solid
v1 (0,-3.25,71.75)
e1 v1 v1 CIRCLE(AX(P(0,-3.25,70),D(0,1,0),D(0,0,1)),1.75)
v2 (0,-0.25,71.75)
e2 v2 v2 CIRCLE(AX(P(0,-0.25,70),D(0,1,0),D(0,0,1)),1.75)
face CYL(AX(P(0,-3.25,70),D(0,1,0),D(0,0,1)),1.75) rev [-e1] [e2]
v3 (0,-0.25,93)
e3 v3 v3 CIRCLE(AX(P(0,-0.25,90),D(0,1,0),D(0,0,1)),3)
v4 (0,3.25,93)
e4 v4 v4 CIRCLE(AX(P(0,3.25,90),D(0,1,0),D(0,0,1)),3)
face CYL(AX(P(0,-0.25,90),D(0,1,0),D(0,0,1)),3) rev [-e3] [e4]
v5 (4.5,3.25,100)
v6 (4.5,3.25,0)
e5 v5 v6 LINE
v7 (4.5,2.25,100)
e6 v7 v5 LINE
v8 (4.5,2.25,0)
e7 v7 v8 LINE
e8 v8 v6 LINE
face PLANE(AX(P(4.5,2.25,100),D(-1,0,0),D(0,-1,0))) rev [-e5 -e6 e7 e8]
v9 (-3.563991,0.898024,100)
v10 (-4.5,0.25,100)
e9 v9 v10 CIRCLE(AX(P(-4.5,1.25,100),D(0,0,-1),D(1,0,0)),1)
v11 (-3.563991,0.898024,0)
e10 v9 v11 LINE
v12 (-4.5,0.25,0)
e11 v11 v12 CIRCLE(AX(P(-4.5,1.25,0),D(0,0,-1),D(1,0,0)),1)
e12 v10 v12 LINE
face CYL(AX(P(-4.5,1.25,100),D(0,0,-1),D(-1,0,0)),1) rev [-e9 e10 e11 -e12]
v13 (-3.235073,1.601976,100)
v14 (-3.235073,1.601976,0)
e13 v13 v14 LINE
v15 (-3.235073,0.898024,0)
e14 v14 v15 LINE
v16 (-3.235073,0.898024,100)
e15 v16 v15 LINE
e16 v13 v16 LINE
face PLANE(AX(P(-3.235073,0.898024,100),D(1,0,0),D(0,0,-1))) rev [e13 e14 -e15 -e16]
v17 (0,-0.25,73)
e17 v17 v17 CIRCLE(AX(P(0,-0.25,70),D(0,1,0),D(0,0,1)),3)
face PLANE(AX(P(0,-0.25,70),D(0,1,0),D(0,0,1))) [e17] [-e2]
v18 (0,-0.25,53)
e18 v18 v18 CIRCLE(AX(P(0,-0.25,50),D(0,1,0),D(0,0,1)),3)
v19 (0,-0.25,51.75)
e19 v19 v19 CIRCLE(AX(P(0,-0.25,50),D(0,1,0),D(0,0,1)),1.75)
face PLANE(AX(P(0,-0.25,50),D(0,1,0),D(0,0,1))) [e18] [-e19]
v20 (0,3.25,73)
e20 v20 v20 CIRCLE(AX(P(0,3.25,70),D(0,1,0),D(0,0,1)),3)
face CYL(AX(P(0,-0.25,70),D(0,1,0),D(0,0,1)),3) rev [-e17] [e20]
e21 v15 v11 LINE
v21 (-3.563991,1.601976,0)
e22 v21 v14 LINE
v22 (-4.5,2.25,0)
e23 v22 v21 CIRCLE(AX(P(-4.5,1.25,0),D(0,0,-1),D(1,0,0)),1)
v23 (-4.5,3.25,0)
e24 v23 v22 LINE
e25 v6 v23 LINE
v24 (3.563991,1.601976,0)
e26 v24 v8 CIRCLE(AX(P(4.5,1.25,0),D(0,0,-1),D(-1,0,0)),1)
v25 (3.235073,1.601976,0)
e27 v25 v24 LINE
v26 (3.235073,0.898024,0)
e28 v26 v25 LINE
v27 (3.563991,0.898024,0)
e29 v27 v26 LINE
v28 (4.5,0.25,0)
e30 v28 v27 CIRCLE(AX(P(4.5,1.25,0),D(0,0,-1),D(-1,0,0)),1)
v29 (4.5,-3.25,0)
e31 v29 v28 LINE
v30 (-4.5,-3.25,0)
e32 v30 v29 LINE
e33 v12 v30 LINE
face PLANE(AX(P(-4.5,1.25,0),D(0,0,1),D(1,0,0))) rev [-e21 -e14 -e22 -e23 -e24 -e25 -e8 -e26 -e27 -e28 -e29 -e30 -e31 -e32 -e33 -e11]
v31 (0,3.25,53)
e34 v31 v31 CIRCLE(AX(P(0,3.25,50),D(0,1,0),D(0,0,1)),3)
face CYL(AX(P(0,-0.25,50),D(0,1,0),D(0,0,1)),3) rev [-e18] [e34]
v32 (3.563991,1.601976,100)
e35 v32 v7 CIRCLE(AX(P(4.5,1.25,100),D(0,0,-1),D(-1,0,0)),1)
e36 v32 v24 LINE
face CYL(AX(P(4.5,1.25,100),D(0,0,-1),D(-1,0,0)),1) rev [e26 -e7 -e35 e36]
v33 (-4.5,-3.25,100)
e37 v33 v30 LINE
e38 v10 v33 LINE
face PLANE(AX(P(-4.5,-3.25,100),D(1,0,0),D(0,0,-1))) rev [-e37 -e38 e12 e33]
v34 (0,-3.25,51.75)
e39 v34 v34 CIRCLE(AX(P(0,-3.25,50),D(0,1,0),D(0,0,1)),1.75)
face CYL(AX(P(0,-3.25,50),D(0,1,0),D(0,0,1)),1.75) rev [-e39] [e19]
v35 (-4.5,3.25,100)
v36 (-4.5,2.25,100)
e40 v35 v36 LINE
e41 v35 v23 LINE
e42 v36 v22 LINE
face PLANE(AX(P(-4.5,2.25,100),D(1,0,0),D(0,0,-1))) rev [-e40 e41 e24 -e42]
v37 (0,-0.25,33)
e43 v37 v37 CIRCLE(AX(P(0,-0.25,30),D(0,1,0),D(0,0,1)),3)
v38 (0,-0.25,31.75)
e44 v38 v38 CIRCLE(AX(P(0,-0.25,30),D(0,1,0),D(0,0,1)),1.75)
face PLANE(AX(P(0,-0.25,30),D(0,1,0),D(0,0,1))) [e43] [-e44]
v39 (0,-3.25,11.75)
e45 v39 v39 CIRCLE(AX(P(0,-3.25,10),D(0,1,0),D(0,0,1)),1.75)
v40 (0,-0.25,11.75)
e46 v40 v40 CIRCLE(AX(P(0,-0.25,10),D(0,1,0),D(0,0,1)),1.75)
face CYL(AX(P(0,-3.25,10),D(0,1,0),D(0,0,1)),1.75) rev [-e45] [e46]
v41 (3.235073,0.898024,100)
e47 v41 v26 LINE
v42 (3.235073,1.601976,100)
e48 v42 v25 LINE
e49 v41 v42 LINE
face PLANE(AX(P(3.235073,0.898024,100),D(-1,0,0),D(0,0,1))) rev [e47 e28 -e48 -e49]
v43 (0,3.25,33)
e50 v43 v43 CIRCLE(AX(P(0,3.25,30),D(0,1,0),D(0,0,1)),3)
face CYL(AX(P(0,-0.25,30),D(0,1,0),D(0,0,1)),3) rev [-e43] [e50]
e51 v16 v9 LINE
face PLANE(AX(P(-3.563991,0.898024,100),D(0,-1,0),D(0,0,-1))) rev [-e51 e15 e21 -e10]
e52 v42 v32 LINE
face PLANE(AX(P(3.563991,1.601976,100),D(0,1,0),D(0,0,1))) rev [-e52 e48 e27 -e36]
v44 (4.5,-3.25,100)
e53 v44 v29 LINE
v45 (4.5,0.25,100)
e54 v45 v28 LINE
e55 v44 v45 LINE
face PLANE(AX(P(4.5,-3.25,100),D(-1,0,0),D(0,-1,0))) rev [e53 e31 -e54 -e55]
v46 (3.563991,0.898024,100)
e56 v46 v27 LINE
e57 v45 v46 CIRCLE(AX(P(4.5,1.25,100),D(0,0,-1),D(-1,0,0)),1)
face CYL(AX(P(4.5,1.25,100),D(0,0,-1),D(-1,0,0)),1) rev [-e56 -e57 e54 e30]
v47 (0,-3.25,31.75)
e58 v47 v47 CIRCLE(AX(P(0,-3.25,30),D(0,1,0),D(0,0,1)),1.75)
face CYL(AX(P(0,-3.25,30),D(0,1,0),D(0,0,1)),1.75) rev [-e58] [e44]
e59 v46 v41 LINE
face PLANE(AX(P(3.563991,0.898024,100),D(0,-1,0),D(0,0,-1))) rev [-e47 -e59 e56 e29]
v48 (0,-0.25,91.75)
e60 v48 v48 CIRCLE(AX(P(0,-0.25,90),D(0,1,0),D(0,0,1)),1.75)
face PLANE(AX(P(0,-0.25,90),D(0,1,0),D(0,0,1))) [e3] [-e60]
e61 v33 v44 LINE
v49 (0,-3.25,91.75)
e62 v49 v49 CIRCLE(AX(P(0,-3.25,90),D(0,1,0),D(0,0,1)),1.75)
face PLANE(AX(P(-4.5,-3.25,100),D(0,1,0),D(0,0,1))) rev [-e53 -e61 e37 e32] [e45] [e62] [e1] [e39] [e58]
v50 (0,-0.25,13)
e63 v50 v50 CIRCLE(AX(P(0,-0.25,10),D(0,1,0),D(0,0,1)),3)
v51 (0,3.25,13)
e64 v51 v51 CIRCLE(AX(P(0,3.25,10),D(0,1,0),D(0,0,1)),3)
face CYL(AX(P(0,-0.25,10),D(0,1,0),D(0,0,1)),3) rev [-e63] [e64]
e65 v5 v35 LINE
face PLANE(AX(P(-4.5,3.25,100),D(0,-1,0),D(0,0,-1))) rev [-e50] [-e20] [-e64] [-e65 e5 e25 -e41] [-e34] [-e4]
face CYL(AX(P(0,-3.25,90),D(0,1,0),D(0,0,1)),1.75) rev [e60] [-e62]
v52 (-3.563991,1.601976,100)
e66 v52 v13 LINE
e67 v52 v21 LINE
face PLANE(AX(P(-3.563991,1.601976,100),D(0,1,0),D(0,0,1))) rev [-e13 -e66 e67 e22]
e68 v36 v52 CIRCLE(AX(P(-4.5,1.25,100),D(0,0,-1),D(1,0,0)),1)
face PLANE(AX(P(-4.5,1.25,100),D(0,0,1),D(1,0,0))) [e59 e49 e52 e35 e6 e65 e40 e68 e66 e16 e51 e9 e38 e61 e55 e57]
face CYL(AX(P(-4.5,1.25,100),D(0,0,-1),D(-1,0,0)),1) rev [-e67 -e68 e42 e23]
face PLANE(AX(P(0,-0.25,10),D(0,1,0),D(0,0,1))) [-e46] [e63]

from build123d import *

# Parameters (mm, degrees)
EXTRUDE1_DEPTH  = 100
SKETCH2_R       = 3
EXTRUDE2_DEPTH  = 3.5
SKETCH_R        = 1.75
EXTRUDE3_DEPTH  = 7.5
LPATTERN1_COUNT = 13
LPATTERN1_PITCH = 20


with BuildPart() as part:
    # Sketch1 → Extrude1 (new body)
    with BuildSketch(Plane.XY):
        with BuildLine():
            Line((-4.5, -3.25), (4.5, -3.25))
            Line((4.5, -3.25), (4.5, 0.25))
            ThreePointArc((4.5, 0.25), (3.93077967, 0.427814974), (3.563991137, 0.898023568))
            Line((3.563991137, 0.898023568), (3.235073025, 0.898023568))
            Line((3.235073025, 0.898023568), (3.235073025, 1.601976432))
            Line((3.235073025, 1.601976432), (3.563991137, 1.601976432))
            ThreePointArc((3.563991137, 1.601976432), (3.93077967, 2.072185026), (4.5, 2.25))
            Line((4.5, 2.25), (4.5, 3.25))
            Line((4.5, 3.25), (-4.5, 3.25))
            Line((-4.5, 3.25), (-4.5, 2.25))
            ThreePointArc((-4.5, 2.25), (-3.93077967, 2.072185026), (-3.563991137, 1.601976432))
            Line((-3.563991137, 1.601976432), (-3.235073025, 1.601976432))
            Line((-3.235073025, 1.601976432), (-3.235073025, 0.898023568))
            Line((-3.235073025, 0.898023568), (-3.563991137, 0.898023568))
            ThreePointArc((-3.563991137, 0.898023568), (-3.93077967, 0.427814974), (-4.5, 0.25))
            Line((-4.5, 0.25), (-4.5, -3.25))
        make_face()
    extrude(amount=EXTRUDE1_DEPTH)

    # Sketch2 → Extrude2 (cut)
    with BuildSketch(Plane(origin=(0, 3.25, 0), x_dir=(1, 0, 0), z_dir=(0, 1, 0))):
        with Locations((0, -10)):
            Circle(SKETCH2_R)
    extrude2 = extrude(amount=-EXTRUDE2_DEPTH, mode=Mode.SUBTRACT)

    # Sketch → Extrude3 (cut, through all)
    with BuildSketch(Plane(origin=(0, 3.25, 0), x_dir=(1, 0, 0), z_dir=(0, 1, 0))):
        with Locations((0, -10)):
            Circle(SKETCH_R)
    extrude3 = extrude(amount=-EXTRUDE3_DEPTH, mode=Mode.SUBTRACT)

    # LPattern1: Extrude2, Extrude3 ×13
    with Locations(*[(0, 0, i * LPATTERN1_PITCH) for i in range(1, LPATTERN1_COUNT)]):
        add(extrude2, mode=Mode.SUBTRACT)
        add(extrude3, mode=Mode.SUBTRACT)


solid = part.part
